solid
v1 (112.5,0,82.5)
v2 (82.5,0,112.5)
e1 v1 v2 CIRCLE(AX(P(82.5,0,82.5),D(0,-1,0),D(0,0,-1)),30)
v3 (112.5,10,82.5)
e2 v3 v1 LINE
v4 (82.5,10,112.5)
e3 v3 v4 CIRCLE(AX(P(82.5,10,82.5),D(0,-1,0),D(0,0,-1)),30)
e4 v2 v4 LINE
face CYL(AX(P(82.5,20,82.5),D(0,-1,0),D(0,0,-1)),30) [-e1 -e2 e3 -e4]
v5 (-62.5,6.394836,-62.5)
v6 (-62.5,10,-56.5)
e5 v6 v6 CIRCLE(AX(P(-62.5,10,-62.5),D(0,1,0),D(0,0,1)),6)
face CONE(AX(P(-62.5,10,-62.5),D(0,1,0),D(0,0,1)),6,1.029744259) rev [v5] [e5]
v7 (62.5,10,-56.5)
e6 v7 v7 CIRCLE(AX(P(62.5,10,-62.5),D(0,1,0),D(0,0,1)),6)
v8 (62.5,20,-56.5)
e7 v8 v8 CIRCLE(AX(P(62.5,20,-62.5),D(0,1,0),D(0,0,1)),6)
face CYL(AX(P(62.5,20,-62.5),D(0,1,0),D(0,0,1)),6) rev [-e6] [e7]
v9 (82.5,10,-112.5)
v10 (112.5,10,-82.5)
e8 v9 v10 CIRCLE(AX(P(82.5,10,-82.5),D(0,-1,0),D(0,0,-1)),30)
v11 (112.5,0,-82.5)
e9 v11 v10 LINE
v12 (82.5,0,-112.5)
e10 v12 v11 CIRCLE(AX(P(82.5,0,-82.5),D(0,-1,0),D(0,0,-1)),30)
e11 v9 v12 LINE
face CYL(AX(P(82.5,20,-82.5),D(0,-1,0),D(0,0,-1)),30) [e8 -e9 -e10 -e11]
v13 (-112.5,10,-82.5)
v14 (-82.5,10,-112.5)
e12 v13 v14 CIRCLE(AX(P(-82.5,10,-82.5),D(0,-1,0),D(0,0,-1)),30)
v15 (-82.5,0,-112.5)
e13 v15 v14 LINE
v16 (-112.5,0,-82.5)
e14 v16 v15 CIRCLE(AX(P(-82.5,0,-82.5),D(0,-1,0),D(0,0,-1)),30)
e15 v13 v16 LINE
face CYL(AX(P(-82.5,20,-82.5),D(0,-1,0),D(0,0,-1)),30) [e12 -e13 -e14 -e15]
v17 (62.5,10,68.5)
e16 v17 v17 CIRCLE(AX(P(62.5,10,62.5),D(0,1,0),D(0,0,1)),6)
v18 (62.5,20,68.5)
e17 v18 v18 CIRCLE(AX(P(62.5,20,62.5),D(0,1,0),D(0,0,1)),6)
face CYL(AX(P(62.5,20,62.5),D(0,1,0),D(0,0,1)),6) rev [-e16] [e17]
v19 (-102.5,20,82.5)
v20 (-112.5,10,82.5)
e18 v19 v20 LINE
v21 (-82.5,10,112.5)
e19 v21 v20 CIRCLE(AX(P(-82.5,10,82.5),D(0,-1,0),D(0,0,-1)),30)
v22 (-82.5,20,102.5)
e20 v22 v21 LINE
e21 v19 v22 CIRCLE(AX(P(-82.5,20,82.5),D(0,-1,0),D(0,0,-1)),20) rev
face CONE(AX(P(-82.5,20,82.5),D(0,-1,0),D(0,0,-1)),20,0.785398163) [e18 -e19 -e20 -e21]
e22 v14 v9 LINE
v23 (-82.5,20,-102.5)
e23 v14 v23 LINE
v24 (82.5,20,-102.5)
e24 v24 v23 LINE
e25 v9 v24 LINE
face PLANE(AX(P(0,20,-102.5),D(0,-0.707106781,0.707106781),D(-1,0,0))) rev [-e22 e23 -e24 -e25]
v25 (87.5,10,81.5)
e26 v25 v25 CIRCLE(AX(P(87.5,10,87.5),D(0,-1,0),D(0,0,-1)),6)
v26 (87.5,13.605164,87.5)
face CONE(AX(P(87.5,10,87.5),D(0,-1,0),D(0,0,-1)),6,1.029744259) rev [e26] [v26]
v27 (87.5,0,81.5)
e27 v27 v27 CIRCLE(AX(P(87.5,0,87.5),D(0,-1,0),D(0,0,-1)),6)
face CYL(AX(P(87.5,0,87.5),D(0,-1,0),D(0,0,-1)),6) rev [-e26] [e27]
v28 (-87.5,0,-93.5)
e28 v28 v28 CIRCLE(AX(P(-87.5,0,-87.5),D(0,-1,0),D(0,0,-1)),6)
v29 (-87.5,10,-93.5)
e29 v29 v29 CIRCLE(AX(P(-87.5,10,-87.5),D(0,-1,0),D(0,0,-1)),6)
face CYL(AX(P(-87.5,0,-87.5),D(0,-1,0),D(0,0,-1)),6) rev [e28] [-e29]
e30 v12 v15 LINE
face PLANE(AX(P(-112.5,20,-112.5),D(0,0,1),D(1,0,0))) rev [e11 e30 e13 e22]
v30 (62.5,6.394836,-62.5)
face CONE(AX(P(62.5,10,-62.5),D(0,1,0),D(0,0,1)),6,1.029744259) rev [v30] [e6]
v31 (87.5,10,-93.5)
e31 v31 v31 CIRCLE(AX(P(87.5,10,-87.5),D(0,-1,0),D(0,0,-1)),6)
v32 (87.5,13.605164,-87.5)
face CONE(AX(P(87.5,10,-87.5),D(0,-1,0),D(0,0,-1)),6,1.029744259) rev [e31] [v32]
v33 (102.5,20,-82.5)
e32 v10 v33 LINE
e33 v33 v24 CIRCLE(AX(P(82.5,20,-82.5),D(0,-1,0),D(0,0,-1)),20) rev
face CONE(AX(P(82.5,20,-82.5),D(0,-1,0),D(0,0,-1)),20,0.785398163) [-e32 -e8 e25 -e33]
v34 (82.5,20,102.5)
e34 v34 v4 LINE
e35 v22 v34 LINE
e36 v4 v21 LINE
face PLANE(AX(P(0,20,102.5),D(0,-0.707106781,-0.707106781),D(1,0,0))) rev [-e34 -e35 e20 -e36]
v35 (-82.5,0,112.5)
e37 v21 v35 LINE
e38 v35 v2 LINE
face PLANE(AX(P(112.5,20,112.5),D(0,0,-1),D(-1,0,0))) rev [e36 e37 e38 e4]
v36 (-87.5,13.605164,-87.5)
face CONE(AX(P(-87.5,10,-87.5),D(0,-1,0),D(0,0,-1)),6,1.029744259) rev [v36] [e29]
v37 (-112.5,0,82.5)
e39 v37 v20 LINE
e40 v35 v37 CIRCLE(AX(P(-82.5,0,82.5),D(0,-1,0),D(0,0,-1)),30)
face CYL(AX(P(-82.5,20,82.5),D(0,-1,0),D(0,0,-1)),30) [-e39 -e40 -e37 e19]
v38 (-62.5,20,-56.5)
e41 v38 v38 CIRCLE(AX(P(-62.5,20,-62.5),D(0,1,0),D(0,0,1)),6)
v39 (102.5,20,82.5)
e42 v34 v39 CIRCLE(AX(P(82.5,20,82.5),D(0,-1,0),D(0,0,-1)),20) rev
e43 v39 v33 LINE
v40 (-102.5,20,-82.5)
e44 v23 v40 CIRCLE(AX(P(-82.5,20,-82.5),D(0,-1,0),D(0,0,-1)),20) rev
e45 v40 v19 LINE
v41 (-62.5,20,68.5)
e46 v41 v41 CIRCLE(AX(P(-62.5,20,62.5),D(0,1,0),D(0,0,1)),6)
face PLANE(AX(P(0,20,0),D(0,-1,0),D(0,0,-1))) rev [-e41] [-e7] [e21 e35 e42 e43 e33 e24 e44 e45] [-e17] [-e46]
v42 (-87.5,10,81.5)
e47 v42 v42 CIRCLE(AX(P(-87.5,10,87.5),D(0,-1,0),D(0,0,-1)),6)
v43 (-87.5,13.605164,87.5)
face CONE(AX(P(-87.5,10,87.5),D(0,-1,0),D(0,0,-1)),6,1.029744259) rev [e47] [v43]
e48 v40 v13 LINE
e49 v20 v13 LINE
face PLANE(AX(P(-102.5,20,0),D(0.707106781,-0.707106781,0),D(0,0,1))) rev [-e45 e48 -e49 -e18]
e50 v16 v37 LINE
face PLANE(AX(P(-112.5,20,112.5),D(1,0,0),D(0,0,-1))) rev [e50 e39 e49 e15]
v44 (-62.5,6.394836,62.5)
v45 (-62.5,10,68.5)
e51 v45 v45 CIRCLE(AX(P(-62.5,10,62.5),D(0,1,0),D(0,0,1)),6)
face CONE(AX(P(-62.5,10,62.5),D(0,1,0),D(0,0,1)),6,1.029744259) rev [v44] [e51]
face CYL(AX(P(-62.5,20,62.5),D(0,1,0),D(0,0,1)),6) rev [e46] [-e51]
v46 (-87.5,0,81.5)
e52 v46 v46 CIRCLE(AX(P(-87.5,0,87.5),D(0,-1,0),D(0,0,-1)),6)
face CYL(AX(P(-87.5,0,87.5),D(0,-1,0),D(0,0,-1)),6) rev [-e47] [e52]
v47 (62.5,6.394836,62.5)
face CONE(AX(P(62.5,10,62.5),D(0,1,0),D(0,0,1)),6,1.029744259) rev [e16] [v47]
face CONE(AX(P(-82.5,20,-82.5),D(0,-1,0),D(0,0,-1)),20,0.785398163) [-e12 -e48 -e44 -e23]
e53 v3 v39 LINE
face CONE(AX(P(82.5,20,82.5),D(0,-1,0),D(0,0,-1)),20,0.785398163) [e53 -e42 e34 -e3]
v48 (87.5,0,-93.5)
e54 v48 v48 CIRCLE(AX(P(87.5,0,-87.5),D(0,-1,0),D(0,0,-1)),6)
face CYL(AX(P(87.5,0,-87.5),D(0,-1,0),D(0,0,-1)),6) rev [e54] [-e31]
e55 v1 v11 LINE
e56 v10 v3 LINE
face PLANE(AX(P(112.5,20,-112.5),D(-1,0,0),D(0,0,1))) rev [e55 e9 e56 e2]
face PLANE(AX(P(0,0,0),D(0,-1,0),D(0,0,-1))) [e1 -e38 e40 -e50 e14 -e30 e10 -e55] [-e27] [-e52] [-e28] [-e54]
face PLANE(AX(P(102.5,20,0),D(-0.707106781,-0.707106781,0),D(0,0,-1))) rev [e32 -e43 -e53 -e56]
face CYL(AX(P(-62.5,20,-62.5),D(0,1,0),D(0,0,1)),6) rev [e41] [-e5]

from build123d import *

# Parameters (mm, degrees)
SKETCH_1_W          = 225
SKETCH_1_H          = 225
EXTRUDE_1_DEPTH     = 20
FILLET_1_R          = 30
CHAMFER_1_SIZE      = 10
HOLE_WIZARD_1_D     = 12
HOLE_WIZARD_1_DEPTH = 10
HOLE_WIZARD_1_TIP   = 3.605163714
HOLE_WIZARD_2_D     = 12
HOLE_WIZARD_2_DEPTH = 10
HOLE_WIZARD_2_TIP   = 3.605163714


with BuildPart() as part:
    # 草圖1 → 擠出1 (new body)
    with BuildSketch(Plane(origin=(0, 0, 0), x_dir=(-1, 0, 0), z_dir=(0, 1, 0))):
        Rectangle(SKETCH_1_W, SKETCH_1_H)
    extrude(amount=EXTRUDE_1_DEPTH)

    # 圓角1
    fillet_1_edges = [part.edges().sort_by_distance(p)[0] for p in [
        (-112.5, 10, -112.5),
        (112.5, 10, -112.5),
        (112.5, 10, 112.5),
        (-112.5, 10, 112.5),
    ]]
    fillet(fillet_1_edges, radius=FILLET_1_R)

    # 倒角1
    chamfer_1_edges = [part.edges().sort_by_distance(p)[0] for p in [
        (0, 20, 112.5),
        (-112.5, 20, 0),
        (112.5, 20, 0),
        (0, 20, -112.5),
        (103.713203436, 20, 103.713203436),
        (103.713203436, 20, -103.713203436),
        (-103.713203436, 20, -103.713203436),
        (-103.713203436, 20, 103.713203436),
    ]]
    chamfer(chamfer_1_edges, length=CHAMFER_1_SIZE)

    # 孔1
    with Locations(Plane(origin=(0, 0, 0), x_dir=(-1, 0, 0), z_dir=(0, -1, 0))):
        with Locations((-87.5, 87.5), (-87.5, -87.5), (87.5, -87.5), (87.5, 87.5)):
            Hole(HOLE_WIZARD_1_D / 2, depth=HOLE_WIZARD_1_DEPTH)
            with Locations((0, 0, -(HOLE_WIZARD_1_DEPTH + HOLE_WIZARD_1_TIP / 2))):  # 118° drill point
                Cone(0, HOLE_WIZARD_1_D / 2, HOLE_WIZARD_1_TIP, mode=Mode.SUBTRACT)

    # 孔2
    with Locations(Plane(origin=(0, 20, 0), x_dir=(1, 0, 0), z_dir=(0, 1, 0))):
        with Locations((-62.5, 62.5), (62.5, 62.5), (62.5, -62.5), (-62.5, -62.5)):
            Hole(HOLE_WIZARD_2_D / 2, depth=HOLE_WIZARD_2_DEPTH)
            with Locations((0, 0, -(HOLE_WIZARD_2_DEPTH + HOLE_WIZARD_2_TIP / 2))):  # 118° drill point
                Cone(0, HOLE_WIZARD_2_D / 2, HOLE_WIZARD_2_TIP, mode=Mode.SUBTRACT)


solid = part.part
